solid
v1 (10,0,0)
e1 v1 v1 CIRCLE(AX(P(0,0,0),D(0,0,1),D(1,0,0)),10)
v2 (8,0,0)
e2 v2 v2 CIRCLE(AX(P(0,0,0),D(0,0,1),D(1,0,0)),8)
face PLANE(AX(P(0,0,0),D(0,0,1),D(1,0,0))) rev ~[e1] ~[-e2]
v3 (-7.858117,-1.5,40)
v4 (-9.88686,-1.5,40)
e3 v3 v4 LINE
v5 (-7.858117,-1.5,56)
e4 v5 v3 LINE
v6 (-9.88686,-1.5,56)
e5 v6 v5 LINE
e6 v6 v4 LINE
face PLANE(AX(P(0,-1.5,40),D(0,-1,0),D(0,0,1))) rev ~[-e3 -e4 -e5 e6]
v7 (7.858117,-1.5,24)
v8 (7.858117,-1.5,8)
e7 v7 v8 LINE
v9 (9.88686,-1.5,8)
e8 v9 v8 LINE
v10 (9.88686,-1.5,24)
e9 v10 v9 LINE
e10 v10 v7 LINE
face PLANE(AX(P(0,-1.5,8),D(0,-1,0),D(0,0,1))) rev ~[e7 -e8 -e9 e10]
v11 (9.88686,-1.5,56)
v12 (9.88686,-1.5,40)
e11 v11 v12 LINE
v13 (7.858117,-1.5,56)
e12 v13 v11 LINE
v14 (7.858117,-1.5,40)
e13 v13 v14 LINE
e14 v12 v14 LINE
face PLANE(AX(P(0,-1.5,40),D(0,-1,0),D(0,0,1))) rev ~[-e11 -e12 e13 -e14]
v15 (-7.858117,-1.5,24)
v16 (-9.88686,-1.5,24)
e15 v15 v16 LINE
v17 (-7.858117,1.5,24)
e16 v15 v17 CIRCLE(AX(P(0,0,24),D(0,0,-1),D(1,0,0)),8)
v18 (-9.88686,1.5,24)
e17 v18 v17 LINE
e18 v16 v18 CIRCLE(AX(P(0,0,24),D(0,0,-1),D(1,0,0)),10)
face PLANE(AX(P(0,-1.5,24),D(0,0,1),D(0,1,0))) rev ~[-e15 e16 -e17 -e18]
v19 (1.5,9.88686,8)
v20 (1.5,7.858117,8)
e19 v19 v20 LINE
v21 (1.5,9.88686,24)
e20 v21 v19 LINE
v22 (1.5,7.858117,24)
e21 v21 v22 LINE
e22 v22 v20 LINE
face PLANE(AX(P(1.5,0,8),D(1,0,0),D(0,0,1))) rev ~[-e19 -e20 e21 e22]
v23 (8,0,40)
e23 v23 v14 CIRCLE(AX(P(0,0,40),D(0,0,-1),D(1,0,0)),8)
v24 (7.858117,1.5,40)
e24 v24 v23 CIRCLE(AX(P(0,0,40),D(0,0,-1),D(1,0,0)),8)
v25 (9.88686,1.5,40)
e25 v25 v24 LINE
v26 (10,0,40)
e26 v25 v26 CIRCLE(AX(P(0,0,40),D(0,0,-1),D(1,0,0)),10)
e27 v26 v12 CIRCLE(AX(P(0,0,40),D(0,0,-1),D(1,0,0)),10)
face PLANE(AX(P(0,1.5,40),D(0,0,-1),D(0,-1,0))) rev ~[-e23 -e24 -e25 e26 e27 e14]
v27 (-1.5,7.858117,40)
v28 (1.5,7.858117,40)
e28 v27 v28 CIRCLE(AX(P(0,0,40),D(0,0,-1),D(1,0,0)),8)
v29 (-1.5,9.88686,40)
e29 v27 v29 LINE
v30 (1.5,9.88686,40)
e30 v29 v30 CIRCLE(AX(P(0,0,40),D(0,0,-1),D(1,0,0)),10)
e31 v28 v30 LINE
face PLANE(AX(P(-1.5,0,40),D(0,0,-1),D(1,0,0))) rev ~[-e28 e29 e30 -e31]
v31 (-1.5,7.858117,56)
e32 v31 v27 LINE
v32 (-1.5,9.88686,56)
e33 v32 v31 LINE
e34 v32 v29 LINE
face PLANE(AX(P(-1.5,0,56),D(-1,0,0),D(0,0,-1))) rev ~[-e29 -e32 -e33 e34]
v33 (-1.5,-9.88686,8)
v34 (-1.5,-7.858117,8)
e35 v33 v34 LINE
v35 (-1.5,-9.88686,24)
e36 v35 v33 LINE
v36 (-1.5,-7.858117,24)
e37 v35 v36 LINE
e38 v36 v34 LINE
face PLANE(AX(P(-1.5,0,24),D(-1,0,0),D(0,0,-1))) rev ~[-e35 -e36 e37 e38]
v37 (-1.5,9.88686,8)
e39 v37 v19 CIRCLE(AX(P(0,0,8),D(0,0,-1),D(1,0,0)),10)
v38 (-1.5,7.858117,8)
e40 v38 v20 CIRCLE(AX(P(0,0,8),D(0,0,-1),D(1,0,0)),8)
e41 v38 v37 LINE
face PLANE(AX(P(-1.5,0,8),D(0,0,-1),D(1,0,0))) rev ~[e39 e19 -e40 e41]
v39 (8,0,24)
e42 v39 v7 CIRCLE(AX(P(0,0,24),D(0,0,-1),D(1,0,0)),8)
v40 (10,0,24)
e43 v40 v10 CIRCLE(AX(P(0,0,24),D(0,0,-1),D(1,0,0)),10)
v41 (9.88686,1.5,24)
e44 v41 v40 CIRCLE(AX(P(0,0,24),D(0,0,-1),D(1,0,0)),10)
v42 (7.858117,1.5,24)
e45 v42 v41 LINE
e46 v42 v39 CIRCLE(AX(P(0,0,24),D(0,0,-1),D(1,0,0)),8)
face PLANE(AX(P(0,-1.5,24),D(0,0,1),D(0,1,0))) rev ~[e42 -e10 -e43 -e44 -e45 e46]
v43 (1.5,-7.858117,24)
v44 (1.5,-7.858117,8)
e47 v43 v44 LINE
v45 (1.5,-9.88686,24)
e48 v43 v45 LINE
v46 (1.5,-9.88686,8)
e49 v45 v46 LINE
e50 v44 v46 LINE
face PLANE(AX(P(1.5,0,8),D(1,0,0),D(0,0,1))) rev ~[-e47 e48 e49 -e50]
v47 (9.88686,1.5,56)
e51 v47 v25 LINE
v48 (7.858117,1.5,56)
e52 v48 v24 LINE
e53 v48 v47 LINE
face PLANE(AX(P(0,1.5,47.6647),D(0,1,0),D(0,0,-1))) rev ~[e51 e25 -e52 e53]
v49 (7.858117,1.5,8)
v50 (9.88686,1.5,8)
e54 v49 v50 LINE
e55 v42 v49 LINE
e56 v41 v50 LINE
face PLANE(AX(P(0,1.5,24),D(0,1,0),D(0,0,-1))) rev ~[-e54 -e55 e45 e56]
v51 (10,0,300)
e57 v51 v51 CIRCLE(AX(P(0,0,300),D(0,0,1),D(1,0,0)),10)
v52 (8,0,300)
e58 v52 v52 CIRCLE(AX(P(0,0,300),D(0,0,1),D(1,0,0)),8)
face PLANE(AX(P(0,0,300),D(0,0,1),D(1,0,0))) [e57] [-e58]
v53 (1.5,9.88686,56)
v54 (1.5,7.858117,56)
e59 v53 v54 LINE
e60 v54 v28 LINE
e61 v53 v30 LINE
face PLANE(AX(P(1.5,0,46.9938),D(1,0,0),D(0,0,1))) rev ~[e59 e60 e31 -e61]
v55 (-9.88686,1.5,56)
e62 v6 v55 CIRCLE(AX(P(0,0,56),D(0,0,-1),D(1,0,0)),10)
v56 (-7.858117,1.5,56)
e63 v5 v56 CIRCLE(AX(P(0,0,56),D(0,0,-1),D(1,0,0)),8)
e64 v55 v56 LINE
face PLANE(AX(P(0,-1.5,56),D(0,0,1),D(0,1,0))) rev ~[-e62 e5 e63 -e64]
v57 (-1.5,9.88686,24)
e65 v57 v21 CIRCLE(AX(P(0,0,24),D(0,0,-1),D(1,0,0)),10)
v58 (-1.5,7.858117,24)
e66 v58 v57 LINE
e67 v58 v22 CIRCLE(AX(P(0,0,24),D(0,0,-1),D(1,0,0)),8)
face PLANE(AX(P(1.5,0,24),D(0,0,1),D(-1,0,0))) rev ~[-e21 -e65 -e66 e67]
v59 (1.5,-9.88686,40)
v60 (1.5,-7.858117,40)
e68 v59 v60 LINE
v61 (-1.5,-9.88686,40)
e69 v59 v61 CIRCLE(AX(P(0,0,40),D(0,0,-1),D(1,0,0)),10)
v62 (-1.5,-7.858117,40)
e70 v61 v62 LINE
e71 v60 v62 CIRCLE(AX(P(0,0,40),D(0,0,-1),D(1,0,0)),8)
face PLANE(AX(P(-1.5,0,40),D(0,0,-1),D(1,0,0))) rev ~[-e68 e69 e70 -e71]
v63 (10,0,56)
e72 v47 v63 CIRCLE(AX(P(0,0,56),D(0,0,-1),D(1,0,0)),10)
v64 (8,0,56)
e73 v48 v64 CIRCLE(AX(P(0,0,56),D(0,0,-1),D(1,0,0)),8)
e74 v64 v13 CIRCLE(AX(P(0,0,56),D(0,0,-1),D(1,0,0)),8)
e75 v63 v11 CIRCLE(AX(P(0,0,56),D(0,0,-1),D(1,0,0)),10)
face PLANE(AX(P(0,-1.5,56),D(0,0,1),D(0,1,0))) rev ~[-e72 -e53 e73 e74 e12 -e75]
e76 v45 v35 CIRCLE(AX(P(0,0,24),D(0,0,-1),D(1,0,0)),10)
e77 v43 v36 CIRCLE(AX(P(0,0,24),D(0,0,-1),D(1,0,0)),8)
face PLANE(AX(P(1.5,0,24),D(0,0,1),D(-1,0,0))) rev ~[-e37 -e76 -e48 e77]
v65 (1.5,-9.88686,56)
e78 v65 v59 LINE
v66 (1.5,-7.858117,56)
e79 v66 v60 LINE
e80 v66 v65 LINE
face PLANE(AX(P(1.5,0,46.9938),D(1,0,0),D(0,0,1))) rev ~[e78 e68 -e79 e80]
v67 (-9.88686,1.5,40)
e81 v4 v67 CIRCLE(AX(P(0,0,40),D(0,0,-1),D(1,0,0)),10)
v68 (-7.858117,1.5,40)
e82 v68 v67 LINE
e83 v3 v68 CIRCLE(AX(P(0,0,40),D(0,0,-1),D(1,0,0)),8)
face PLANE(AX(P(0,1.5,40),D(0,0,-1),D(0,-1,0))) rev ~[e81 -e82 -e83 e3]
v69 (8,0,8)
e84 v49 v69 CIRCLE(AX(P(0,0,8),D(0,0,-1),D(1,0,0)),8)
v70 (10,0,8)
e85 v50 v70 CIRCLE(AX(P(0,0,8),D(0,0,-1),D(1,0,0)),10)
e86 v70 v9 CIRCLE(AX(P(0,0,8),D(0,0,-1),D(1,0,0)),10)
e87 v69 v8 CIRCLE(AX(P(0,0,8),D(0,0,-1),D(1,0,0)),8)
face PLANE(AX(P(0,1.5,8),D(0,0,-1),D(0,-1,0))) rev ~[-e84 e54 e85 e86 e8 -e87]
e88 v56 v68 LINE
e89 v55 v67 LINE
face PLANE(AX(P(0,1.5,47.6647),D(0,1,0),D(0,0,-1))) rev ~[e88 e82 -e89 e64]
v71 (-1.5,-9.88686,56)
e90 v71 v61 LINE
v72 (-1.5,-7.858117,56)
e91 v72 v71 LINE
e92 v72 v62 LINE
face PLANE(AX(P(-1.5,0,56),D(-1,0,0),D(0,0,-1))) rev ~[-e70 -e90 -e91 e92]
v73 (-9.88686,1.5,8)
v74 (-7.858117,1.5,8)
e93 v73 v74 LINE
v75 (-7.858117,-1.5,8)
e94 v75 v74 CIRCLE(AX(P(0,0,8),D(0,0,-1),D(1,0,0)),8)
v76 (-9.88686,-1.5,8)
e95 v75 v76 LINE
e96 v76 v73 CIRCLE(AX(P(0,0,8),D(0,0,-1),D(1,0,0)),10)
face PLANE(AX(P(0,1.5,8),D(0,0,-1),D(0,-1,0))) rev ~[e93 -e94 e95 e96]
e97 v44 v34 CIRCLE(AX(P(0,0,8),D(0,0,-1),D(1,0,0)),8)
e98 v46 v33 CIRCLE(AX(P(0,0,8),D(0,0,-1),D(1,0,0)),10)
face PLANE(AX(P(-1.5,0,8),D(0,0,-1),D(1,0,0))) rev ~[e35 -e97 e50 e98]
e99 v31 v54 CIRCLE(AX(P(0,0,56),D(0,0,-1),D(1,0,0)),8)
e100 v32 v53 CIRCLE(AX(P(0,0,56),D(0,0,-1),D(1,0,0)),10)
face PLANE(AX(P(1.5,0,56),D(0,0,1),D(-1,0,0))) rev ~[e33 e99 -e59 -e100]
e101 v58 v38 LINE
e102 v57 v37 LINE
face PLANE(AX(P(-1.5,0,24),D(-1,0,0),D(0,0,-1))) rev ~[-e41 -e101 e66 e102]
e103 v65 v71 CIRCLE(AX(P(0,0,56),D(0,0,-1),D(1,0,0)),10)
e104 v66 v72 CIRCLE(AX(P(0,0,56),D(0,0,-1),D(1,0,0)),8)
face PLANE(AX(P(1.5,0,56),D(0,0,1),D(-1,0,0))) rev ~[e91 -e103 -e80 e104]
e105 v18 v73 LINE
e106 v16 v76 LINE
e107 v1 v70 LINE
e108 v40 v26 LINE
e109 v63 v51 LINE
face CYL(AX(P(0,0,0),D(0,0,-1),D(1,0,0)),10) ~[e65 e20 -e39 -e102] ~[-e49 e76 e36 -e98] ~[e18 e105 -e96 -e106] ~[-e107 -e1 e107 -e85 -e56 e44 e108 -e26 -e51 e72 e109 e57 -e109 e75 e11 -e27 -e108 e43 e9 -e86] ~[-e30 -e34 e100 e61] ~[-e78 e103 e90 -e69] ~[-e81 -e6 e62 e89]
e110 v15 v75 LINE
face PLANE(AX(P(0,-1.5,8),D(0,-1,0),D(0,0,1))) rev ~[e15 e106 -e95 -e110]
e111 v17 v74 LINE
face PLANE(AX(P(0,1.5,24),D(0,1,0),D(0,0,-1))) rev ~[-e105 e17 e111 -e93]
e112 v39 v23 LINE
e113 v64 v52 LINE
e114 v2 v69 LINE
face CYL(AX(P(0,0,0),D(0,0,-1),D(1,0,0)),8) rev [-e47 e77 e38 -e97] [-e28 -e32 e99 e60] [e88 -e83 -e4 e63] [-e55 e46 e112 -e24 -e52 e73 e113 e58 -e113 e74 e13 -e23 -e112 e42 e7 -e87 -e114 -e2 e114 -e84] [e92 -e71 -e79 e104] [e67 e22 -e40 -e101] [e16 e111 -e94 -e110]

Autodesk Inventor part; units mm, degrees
ref_plane "YZ Plane" through (0, 0, 0) normal (1, 0, 0) x (0, 1, 0)
ref_plane "XZ Plane" through (0, 0, 0) normal (0, 1, 0) x (-1, 0, 0)
ref_plane "XY Plane" through (0, 0, 0) normal (0, 0, 1) x (1, 0, 0)
sketch "Sketch1" plane through (0, 0, 0) normal (0, 0, 1) x (1, 0, 0)
  circle A0 centre (0, 0) radius 10
  circle A1 centre (0, 0) radius 8
  dimension "d0" = 16
  dimension "d1" = 20
extrude "Extrusion1" add sketch "Sketch1" along normal blind 300
sketch "Sketch2" plane through (0, 0, 0) normal (0, 1, 0) x (-1, 0, 0)
  line L0 (1.5, 8) -> (-1.5, 8)
  line L1 (-1.5, 8) -> (-1.5, 24)
  line L2 (-1.5, 24) -> (1.5, 24)
  line L3 (1.5, 24) -> (1.5, 8)
  line L4 (-1.5, 46.9938) -> (-10, 46.9938)
  line L5 (-10, 0) -> (-10, 300) projected
  line L6 (1.5, 47.6647) -> (10, 47.6647)
  line L7 (10, 0) -> (10, 300) projected
  line L8 (10, 0) -> (-10, 0) projected
  line L9 (1.5, 40) -> (-1.5, 40)
  line L10 (-1.5, 40) -> (-1.5, 56)
  line L11 (-1.5, 56) -> (1.5, 56)
  line L12 (1.5, 56) -> (1.5, 40)
  point P0 (0, 0)
  dimension "d4" = 3
  dimension "d5" = 16
  dimension "d6" = 8
  dimension "d7" = 16
  dimension "d8" = 3
  dimension "d9" = 16
extrude "Extrusion2" cut sketch "Sketch2" along normal through all both and the other way through all contours L0 L1 L2 L3 | L10 L11 L12 L9
sketch "Sketch3" plane through (0, 0, 0) normal (1, 0, 0) x (0, 1, 0)
  line L0 (1.5, 8) -> (-1.5, 8)
  line L1 (-1.5, 8) -> (-1.5, 24)
  line L2 (-1.5, 24) -> (1.5, 24)
  line L3 (1.5, 24) -> (1.5, 8)
  line L4 (-1.5, 46.9938) -> (-10, 46.9938)
  line L5 (1.5, 47.6647) -> (10, 47.6647)
  line L6 (10, 0) -> (-10, 0)
  line L7 (1.5, 40) -> (-1.5, 40)
  line L8 (-1.5, 40) -> (-1.5, 56)
  line L9 (-1.5, 56) -> (1.5, 56)
  line L10 (1.5, 56) -> (1.5, 40)
  line L11 (1.5, 18.1726) -> (10, 18.1726)
  line L12 (10, 0) -> (10, 300) projected
  line L13 (-1.5, 20.0085) -> (-10, 20.0085)
  line L14 (-10, 0) -> (-10, 300) projected
  point P0 (0, 0)
  point P1 (0, 0)
  dimension "d12" = 3
  dimension "d13" = 16
  dimension "d15" = 16
  dimension "d16" = 3
  dimension "d17" = 16
  dimension "d18" = 8
extrude "Extrusion3" cut sketch "Sketch3" along normal through all both and the other way through all contours L0 L1 L2 L3 | L10 L7 L8 L9
equation "\"BendRadius\" = Thickness"
equation "\"BendReliefWidth\" = Thickness"
equation "\"BendReliefDepth\" = 0.5 * Thickness"
equation "\"CornerReliefSize\" = 4 * Thickness"
equation "\"MinimumRemnant\" = 2 * Thickness"
equation "\"TransitionRadius\" = BendRadius"
equation "\"JacobiRadiusSize\" = BendRadius"
equation "\"GapSize\" = Thickness"
equation "\"Thickness\" = 0.5"
properties part number "tail" material "PVC-Piping"
